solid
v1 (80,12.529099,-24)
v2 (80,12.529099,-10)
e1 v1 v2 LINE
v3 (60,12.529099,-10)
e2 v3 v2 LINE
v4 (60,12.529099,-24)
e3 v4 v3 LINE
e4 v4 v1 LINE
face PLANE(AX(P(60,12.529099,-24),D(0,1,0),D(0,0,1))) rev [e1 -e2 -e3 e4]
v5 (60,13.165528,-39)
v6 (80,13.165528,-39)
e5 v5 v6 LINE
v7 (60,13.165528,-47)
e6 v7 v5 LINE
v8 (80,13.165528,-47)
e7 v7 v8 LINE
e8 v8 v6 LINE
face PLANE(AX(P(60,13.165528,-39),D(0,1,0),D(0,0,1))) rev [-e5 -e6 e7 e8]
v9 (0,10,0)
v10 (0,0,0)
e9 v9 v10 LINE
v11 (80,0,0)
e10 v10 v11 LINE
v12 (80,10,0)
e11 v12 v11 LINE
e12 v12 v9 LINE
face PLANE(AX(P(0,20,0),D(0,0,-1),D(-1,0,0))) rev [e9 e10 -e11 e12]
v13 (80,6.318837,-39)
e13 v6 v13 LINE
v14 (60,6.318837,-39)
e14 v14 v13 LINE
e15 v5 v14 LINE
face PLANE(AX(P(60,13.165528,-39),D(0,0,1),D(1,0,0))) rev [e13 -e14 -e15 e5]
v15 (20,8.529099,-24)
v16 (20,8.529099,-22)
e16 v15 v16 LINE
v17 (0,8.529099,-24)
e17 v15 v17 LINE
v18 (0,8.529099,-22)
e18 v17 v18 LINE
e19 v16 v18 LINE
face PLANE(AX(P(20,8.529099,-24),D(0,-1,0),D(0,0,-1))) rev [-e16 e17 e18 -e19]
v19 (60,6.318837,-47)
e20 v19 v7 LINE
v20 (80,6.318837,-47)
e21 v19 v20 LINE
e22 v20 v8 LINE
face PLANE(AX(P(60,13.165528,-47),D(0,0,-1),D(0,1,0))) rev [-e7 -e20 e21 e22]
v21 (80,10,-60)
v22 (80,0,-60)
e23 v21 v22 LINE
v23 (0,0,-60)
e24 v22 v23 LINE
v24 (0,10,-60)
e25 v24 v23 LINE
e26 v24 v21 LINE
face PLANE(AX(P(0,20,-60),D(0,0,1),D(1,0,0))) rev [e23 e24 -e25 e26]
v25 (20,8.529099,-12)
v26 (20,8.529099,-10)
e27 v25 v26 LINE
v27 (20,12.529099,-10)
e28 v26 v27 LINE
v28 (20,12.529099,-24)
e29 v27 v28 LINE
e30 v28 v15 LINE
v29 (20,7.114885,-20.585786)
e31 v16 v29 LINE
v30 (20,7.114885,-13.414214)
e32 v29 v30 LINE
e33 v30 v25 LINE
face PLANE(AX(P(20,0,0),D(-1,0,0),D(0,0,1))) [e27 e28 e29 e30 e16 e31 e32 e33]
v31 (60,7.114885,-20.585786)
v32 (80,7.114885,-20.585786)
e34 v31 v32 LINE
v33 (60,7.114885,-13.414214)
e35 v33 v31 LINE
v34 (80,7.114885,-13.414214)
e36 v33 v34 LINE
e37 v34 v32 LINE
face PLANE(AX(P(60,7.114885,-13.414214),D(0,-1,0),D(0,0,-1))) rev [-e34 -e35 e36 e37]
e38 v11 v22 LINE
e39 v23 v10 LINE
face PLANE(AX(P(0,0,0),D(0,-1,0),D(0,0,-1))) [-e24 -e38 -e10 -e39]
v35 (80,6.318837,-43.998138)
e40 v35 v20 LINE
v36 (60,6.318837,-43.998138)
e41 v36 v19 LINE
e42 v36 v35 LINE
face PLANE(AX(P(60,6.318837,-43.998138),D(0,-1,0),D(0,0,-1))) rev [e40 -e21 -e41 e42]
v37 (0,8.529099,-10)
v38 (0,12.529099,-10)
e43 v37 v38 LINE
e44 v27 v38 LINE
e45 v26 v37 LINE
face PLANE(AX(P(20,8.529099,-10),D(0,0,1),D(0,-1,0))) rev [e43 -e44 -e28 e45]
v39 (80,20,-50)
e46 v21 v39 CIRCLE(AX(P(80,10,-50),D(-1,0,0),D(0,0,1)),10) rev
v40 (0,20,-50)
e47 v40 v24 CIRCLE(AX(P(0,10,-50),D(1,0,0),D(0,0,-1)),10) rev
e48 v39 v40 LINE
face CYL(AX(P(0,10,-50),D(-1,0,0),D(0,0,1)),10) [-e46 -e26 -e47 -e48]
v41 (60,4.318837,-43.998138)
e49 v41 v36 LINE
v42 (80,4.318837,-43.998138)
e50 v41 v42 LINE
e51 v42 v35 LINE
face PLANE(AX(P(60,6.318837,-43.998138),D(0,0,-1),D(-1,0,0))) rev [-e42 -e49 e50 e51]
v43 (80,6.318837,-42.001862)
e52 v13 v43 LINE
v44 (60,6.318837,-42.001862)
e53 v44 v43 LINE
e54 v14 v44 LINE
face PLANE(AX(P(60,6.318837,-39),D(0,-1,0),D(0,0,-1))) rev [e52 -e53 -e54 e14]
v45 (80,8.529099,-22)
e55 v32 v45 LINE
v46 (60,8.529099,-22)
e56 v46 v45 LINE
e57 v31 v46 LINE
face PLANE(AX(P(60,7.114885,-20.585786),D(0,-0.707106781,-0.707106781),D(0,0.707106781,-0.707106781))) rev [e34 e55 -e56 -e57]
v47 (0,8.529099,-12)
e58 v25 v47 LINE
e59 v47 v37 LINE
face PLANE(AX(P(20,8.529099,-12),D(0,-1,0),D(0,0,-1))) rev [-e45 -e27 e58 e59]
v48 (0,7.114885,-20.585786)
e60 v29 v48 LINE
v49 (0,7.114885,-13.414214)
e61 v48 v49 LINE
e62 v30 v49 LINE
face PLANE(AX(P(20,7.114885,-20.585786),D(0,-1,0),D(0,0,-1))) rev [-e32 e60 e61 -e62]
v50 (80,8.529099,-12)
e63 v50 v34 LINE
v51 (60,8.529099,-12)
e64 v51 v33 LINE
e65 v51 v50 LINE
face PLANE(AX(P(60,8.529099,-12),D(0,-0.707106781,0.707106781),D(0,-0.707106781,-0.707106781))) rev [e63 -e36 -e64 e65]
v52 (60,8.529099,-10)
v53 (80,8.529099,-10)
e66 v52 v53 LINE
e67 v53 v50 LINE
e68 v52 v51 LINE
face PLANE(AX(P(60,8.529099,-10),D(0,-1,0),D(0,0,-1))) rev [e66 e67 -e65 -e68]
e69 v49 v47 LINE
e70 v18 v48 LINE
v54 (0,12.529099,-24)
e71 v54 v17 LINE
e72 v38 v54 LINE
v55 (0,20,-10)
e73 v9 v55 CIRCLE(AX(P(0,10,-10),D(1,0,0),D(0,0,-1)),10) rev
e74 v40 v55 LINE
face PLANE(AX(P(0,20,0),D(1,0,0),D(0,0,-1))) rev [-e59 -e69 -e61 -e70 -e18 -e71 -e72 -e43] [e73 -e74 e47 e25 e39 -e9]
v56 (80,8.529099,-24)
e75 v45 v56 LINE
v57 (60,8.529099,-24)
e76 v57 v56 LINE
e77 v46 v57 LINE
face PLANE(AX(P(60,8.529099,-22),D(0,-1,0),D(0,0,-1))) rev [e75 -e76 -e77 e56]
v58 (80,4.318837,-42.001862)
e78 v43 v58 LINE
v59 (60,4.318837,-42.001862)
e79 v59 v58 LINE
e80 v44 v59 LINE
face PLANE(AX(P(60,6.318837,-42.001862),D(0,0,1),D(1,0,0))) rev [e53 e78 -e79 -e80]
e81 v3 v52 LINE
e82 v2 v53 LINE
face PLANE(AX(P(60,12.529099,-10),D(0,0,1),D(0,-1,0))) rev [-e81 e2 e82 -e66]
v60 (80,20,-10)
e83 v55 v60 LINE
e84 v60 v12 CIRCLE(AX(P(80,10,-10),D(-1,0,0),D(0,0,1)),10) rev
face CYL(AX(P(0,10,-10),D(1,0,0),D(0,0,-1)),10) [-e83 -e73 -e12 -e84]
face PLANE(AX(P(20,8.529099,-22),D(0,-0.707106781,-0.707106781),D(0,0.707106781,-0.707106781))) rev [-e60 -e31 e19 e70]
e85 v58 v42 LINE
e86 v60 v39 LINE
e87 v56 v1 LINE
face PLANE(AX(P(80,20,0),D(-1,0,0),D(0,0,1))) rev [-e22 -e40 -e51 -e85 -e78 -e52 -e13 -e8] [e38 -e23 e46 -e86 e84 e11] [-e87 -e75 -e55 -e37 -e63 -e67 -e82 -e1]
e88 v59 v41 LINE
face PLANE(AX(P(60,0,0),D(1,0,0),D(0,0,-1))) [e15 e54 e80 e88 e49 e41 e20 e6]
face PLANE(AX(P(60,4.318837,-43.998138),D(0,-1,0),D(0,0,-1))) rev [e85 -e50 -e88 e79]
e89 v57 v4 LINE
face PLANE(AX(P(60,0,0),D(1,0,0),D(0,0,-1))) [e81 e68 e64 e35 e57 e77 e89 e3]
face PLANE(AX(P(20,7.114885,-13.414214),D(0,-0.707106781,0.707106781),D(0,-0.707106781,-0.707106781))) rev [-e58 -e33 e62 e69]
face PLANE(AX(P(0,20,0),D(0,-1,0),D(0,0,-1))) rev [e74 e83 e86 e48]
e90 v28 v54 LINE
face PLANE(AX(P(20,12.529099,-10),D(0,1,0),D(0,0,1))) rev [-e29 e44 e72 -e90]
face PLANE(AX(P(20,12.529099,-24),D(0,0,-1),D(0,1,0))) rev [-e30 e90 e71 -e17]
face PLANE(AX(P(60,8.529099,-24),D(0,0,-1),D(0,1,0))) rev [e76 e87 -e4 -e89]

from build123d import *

# Parameters (mm, degrees)
CROQUIS1_W              = 80
CROQUIS1_H              = 60
SALIENTE_EXTRUIR1_DEPTH = 20
CORTAR_EXTRUIR1_DEPTH   = 20
REDONDEO1_R             = 10
CORTAR_EXTRUIR2_DEPTH   = 20


with BuildPart() as part:
    # Croquis1 → Saliente-Extruir1 (new body)
    with BuildSketch(Plane(origin=(0, 0, 0), x_dir=(1, 0, 0), z_dir=(0, 1, 0))):
        with Locations((40, 30)):
            Rectangle(CROQUIS1_W, CROQUIS1_H)
    extrude(amount=SALIENTE_EXTRUIR1_DEPTH)

    # Croquis2 → Cortar-Extruir1 (cut)
    with BuildSketch(Plane(origin=(80, 0, 0), x_dir=(0, 0, -1), z_dir=(1, 0, 0))):
        Polygon((10, 12.52909884), (10, 8.52909884), (12, 8.52909884), (13.414213562, 7.114885277), (20.585786438, 7.114885277), (22, 8.52909884), (24, 8.52909884), (24, 12.52909884), align=None)
        Polygon((43.998137674, 6.318837227), (47, 6.318837227), (47, 13.165528149), (39, 13.165528149), (39, 6.318837227), (42.001862326, 6.318837227), (42.001862326, 4.318837227), (43.998137674, 4.318837227), align=None)
    extrude(amount=-CORTAR_EXTRUIR1_DEPTH, mode=Mode.SUBTRACT)

    # Redondeo1
    redondeo1_edges = [part.edges().sort_by_distance(p)[0] for p in [
        (40, 20, -60),
        (40, 20, 0),
    ]]
    fillet(redondeo1_edges, radius=REDONDEO1_R)

    # Croquis3 → Cortar-Extruir2 (cut)
    with BuildSketch(Plane.ZY):
        Polygon((-10, 12.52909884), (-24, 12.52909884), (-24, 8.52909884), (-22, 8.52909884), (-20.585786438, 7.114885277), (-13.414213562, 7.114885277), (-12, 8.52909884), (-10, 8.52909884), align=None)
    extrude(amount=-CORTAR_EXTRUIR2_DEPTH, mode=Mode.SUBTRACT)


solid = part.part
